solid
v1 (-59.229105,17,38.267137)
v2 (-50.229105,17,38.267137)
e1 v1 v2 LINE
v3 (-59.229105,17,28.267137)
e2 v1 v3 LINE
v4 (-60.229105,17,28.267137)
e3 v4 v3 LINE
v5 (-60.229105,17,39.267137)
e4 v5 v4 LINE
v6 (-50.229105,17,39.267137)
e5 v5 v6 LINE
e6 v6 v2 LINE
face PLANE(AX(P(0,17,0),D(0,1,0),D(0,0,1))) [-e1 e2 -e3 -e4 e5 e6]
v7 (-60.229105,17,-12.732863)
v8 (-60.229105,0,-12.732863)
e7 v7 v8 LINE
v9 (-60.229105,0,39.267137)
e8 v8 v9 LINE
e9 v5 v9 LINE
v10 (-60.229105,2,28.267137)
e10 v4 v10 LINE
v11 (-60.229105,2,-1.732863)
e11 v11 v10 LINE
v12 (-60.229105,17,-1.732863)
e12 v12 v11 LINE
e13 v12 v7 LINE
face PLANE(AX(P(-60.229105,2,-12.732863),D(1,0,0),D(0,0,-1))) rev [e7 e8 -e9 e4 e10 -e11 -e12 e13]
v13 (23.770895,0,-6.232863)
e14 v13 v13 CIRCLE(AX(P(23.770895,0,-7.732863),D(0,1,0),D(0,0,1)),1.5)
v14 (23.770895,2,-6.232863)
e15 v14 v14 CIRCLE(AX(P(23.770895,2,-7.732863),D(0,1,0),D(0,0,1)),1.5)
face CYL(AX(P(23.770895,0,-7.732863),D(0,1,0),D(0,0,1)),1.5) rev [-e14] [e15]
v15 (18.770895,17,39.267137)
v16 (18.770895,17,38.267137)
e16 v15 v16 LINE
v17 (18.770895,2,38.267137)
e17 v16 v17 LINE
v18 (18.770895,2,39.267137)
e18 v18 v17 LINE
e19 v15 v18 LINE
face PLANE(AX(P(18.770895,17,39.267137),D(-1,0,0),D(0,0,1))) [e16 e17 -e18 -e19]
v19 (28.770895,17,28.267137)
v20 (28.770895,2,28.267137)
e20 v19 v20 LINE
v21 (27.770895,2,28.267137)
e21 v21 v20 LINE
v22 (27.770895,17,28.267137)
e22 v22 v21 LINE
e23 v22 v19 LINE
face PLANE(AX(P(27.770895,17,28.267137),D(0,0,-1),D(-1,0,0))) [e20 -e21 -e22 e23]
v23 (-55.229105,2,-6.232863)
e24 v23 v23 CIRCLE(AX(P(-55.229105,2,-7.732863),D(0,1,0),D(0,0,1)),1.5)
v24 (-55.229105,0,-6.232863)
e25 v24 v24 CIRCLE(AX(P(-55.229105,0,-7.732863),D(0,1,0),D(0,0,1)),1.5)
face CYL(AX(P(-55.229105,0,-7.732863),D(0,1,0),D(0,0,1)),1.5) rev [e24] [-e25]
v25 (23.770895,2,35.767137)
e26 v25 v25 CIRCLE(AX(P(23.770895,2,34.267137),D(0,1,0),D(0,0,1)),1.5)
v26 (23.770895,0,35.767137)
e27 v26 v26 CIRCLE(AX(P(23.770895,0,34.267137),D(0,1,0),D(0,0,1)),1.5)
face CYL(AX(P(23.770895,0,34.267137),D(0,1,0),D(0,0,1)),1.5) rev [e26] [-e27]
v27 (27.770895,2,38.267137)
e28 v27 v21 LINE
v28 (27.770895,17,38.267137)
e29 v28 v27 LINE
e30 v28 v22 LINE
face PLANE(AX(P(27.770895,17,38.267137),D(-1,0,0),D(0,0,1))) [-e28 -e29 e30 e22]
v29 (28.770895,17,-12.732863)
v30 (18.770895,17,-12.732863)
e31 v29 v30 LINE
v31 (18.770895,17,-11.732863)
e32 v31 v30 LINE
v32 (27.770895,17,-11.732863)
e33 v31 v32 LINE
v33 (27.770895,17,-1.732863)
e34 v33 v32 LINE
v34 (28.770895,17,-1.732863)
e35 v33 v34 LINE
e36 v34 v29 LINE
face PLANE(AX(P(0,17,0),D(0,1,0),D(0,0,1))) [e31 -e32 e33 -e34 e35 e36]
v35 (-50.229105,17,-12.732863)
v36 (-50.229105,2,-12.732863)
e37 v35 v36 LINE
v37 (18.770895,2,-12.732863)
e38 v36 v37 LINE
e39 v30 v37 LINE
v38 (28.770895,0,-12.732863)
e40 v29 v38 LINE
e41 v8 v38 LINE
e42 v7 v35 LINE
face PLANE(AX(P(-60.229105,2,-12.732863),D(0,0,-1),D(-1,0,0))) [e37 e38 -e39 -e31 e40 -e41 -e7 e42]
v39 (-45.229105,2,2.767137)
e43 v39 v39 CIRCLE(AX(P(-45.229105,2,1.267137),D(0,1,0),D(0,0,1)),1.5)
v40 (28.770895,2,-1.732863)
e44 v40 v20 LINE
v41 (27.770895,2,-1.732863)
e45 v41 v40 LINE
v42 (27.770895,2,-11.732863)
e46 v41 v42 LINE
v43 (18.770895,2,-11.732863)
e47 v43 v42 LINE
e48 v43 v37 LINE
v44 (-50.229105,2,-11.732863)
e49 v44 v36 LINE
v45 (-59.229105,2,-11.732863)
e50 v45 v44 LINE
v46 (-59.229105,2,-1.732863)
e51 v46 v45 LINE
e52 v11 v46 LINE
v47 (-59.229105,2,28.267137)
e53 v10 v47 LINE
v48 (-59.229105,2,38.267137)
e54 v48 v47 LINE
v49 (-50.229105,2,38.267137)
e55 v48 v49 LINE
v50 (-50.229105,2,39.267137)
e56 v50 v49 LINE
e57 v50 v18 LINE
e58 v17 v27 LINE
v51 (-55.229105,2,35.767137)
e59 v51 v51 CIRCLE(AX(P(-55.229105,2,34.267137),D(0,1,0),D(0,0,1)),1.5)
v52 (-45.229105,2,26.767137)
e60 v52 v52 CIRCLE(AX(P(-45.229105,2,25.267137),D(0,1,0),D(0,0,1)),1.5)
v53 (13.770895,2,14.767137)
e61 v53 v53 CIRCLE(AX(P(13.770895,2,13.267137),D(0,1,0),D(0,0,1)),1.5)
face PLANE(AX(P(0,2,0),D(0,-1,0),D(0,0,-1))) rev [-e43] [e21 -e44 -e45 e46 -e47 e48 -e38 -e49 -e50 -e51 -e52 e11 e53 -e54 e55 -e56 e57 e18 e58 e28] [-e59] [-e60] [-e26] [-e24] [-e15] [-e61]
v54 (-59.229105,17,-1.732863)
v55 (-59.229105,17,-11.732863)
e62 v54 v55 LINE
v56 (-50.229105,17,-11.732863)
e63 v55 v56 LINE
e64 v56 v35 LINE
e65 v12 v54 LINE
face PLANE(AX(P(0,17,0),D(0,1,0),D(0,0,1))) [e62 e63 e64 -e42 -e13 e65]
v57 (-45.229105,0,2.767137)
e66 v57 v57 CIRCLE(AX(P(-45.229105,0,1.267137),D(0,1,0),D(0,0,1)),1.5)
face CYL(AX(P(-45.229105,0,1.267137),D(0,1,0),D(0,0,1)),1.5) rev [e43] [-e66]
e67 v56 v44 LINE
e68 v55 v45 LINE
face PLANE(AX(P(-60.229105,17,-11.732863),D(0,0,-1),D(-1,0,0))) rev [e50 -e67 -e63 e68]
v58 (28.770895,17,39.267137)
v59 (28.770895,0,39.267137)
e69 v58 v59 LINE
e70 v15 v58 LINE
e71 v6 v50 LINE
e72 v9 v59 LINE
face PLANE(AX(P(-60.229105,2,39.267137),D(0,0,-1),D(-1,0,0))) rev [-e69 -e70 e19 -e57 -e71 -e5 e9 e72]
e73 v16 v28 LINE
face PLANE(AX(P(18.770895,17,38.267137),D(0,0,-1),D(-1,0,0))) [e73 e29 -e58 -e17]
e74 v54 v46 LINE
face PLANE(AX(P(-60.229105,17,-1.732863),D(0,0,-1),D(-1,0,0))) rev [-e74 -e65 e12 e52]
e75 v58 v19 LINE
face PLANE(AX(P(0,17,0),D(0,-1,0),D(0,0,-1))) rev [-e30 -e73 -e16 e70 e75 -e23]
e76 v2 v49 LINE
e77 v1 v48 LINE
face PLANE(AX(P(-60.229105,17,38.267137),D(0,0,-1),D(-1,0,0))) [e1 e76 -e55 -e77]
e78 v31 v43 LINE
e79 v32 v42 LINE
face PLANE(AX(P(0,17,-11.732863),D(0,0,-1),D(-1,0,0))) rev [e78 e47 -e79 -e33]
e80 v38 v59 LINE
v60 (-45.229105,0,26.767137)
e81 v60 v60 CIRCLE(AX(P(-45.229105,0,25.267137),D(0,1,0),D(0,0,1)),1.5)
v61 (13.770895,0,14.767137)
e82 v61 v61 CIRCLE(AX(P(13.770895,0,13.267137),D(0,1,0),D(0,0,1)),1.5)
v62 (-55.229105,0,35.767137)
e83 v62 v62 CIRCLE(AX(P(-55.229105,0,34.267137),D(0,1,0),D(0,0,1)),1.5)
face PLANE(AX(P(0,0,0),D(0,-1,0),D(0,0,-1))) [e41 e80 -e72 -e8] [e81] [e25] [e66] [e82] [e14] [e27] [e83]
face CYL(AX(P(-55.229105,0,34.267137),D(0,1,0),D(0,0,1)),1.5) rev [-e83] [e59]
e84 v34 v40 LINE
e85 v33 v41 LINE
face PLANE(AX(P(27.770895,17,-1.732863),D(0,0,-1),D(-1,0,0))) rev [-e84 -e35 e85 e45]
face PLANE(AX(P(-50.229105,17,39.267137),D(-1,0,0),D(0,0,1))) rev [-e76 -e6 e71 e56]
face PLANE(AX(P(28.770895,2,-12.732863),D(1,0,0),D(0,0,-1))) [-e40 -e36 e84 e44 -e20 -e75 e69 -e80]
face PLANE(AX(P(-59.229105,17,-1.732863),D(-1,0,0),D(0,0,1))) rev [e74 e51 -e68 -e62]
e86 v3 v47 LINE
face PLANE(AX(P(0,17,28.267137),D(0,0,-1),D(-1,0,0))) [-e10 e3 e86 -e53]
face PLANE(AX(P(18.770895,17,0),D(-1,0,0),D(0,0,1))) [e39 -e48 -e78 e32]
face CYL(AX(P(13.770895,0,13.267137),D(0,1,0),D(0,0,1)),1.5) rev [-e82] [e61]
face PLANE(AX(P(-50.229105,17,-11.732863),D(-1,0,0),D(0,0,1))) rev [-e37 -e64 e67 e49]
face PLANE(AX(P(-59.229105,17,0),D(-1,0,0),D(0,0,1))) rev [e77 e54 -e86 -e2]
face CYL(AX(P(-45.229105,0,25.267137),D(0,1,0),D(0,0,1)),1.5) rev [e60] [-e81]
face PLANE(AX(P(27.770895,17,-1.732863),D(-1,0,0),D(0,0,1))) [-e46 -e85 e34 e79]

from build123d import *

# Parameters (mm, degrees)
SKETCH1_W           = 89
SKETCH1_H           = 52
BOSS_EXTRUDE1_DEPTH = 2
SKETCH2_R           = 1.5
CUT_EXTRUDE1_DEPTH  = 3
SKETCH5_R           = 1.5
CUT_EXTRUDE3_DEPTH  = 3
BOSS_EXTRUDE3_DEPTH = 15


with BuildPart() as part:
    # Sketch1 → Boss-Extrude1 (new body)
    with BuildSketch(Plane(origin=(0, 0, 0), x_dir=(1, 0, 0), z_dir=(0, 1, 0))):
        with Locations((-15.729105331, -13.267137121)):
            Rectangle(SKETCH1_W, SKETCH1_H)
    extrude(amount=BOSS_EXTRUDE1_DEPTH)

    # Sketch2 → Cut-Extrude1 (cut, through all)
    with BuildSketch(Plane(origin=(0, 2, 0), x_dir=(1, 0, 0), z_dir=(0, 1, 0))):
        with Locations((-55.229105331, -34.267137121)):
            Circle(SKETCH2_R)
        with Locations((-55.229105331, 7.732862879)):
            Circle(SKETCH2_R)
        with Locations((23.770894669, 7.732862879)):
            Circle(SKETCH2_R)
        with Locations((23.770894669, -34.267137121)):
            Circle(SKETCH2_R)
    extrude(amount=-CUT_EXTRUDE1_DEPTH, mode=Mode.SUBTRACT)

    # Sketch5 → Cut-Extrude3 (cut, through all)
    with BuildSketch(Plane(origin=(0, 2, 0), x_dir=(1, 0, 0), z_dir=(0, 1, 0))):
        with Locations((-45.229105331, -25.267137121)):
            Circle(SKETCH5_R)
        with Locations((-45.229105331, -1.267137121)):
            Circle(SKETCH5_R)
        with Locations((13.770894669, -13.267137121)):
            Circle(SKETCH5_R)
    extrude(amount=-CUT_EXTRUDE3_DEPTH, mode=Mode.SUBTRACT)

    # Sketch6 → Boss-Extrude3 (add)
    with BuildSketch(Plane(origin=(0, 2, 0), x_dir=(1, 0, 0), z_dir=(0, 1, 0))):
        Polygon((-60.229105331, -28.267137121), (-60.229105331, -39.267137121), (-50.229105331, -39.267137121), (-50.229105331, -38.267137121), (-59.229105331, -38.267137121), (-59.229105331, -28.267137121), align=None)
        Polygon((-60.229105331, 1.732862879), (-59.229105331, 1.732862879), (-59.229105331, 11.732862879), (-50.229105331, 11.732862879), (-50.229105331, 12.732862879), (-60.229105331, 12.732862879), align=None)
        Polygon((27.770894669, -28.267137121), (27.770894669, -38.267137121), (18.770894669, -38.267137121), (18.770894669, -39.267137121), (28.770894669, -39.267137121), (28.770894669, -28.267137121), align=None)
        Polygon((27.770894669, 11.732862879), (27.770894669, 1.732862879), (28.770894669, 1.732862879), (28.770894669, 12.732862879), (18.770894669, 12.732862879), (18.770894669, 11.732862879), align=None)
    extrude(amount=BOSS_EXTRUDE3_DEPTH)


solid = part.part
